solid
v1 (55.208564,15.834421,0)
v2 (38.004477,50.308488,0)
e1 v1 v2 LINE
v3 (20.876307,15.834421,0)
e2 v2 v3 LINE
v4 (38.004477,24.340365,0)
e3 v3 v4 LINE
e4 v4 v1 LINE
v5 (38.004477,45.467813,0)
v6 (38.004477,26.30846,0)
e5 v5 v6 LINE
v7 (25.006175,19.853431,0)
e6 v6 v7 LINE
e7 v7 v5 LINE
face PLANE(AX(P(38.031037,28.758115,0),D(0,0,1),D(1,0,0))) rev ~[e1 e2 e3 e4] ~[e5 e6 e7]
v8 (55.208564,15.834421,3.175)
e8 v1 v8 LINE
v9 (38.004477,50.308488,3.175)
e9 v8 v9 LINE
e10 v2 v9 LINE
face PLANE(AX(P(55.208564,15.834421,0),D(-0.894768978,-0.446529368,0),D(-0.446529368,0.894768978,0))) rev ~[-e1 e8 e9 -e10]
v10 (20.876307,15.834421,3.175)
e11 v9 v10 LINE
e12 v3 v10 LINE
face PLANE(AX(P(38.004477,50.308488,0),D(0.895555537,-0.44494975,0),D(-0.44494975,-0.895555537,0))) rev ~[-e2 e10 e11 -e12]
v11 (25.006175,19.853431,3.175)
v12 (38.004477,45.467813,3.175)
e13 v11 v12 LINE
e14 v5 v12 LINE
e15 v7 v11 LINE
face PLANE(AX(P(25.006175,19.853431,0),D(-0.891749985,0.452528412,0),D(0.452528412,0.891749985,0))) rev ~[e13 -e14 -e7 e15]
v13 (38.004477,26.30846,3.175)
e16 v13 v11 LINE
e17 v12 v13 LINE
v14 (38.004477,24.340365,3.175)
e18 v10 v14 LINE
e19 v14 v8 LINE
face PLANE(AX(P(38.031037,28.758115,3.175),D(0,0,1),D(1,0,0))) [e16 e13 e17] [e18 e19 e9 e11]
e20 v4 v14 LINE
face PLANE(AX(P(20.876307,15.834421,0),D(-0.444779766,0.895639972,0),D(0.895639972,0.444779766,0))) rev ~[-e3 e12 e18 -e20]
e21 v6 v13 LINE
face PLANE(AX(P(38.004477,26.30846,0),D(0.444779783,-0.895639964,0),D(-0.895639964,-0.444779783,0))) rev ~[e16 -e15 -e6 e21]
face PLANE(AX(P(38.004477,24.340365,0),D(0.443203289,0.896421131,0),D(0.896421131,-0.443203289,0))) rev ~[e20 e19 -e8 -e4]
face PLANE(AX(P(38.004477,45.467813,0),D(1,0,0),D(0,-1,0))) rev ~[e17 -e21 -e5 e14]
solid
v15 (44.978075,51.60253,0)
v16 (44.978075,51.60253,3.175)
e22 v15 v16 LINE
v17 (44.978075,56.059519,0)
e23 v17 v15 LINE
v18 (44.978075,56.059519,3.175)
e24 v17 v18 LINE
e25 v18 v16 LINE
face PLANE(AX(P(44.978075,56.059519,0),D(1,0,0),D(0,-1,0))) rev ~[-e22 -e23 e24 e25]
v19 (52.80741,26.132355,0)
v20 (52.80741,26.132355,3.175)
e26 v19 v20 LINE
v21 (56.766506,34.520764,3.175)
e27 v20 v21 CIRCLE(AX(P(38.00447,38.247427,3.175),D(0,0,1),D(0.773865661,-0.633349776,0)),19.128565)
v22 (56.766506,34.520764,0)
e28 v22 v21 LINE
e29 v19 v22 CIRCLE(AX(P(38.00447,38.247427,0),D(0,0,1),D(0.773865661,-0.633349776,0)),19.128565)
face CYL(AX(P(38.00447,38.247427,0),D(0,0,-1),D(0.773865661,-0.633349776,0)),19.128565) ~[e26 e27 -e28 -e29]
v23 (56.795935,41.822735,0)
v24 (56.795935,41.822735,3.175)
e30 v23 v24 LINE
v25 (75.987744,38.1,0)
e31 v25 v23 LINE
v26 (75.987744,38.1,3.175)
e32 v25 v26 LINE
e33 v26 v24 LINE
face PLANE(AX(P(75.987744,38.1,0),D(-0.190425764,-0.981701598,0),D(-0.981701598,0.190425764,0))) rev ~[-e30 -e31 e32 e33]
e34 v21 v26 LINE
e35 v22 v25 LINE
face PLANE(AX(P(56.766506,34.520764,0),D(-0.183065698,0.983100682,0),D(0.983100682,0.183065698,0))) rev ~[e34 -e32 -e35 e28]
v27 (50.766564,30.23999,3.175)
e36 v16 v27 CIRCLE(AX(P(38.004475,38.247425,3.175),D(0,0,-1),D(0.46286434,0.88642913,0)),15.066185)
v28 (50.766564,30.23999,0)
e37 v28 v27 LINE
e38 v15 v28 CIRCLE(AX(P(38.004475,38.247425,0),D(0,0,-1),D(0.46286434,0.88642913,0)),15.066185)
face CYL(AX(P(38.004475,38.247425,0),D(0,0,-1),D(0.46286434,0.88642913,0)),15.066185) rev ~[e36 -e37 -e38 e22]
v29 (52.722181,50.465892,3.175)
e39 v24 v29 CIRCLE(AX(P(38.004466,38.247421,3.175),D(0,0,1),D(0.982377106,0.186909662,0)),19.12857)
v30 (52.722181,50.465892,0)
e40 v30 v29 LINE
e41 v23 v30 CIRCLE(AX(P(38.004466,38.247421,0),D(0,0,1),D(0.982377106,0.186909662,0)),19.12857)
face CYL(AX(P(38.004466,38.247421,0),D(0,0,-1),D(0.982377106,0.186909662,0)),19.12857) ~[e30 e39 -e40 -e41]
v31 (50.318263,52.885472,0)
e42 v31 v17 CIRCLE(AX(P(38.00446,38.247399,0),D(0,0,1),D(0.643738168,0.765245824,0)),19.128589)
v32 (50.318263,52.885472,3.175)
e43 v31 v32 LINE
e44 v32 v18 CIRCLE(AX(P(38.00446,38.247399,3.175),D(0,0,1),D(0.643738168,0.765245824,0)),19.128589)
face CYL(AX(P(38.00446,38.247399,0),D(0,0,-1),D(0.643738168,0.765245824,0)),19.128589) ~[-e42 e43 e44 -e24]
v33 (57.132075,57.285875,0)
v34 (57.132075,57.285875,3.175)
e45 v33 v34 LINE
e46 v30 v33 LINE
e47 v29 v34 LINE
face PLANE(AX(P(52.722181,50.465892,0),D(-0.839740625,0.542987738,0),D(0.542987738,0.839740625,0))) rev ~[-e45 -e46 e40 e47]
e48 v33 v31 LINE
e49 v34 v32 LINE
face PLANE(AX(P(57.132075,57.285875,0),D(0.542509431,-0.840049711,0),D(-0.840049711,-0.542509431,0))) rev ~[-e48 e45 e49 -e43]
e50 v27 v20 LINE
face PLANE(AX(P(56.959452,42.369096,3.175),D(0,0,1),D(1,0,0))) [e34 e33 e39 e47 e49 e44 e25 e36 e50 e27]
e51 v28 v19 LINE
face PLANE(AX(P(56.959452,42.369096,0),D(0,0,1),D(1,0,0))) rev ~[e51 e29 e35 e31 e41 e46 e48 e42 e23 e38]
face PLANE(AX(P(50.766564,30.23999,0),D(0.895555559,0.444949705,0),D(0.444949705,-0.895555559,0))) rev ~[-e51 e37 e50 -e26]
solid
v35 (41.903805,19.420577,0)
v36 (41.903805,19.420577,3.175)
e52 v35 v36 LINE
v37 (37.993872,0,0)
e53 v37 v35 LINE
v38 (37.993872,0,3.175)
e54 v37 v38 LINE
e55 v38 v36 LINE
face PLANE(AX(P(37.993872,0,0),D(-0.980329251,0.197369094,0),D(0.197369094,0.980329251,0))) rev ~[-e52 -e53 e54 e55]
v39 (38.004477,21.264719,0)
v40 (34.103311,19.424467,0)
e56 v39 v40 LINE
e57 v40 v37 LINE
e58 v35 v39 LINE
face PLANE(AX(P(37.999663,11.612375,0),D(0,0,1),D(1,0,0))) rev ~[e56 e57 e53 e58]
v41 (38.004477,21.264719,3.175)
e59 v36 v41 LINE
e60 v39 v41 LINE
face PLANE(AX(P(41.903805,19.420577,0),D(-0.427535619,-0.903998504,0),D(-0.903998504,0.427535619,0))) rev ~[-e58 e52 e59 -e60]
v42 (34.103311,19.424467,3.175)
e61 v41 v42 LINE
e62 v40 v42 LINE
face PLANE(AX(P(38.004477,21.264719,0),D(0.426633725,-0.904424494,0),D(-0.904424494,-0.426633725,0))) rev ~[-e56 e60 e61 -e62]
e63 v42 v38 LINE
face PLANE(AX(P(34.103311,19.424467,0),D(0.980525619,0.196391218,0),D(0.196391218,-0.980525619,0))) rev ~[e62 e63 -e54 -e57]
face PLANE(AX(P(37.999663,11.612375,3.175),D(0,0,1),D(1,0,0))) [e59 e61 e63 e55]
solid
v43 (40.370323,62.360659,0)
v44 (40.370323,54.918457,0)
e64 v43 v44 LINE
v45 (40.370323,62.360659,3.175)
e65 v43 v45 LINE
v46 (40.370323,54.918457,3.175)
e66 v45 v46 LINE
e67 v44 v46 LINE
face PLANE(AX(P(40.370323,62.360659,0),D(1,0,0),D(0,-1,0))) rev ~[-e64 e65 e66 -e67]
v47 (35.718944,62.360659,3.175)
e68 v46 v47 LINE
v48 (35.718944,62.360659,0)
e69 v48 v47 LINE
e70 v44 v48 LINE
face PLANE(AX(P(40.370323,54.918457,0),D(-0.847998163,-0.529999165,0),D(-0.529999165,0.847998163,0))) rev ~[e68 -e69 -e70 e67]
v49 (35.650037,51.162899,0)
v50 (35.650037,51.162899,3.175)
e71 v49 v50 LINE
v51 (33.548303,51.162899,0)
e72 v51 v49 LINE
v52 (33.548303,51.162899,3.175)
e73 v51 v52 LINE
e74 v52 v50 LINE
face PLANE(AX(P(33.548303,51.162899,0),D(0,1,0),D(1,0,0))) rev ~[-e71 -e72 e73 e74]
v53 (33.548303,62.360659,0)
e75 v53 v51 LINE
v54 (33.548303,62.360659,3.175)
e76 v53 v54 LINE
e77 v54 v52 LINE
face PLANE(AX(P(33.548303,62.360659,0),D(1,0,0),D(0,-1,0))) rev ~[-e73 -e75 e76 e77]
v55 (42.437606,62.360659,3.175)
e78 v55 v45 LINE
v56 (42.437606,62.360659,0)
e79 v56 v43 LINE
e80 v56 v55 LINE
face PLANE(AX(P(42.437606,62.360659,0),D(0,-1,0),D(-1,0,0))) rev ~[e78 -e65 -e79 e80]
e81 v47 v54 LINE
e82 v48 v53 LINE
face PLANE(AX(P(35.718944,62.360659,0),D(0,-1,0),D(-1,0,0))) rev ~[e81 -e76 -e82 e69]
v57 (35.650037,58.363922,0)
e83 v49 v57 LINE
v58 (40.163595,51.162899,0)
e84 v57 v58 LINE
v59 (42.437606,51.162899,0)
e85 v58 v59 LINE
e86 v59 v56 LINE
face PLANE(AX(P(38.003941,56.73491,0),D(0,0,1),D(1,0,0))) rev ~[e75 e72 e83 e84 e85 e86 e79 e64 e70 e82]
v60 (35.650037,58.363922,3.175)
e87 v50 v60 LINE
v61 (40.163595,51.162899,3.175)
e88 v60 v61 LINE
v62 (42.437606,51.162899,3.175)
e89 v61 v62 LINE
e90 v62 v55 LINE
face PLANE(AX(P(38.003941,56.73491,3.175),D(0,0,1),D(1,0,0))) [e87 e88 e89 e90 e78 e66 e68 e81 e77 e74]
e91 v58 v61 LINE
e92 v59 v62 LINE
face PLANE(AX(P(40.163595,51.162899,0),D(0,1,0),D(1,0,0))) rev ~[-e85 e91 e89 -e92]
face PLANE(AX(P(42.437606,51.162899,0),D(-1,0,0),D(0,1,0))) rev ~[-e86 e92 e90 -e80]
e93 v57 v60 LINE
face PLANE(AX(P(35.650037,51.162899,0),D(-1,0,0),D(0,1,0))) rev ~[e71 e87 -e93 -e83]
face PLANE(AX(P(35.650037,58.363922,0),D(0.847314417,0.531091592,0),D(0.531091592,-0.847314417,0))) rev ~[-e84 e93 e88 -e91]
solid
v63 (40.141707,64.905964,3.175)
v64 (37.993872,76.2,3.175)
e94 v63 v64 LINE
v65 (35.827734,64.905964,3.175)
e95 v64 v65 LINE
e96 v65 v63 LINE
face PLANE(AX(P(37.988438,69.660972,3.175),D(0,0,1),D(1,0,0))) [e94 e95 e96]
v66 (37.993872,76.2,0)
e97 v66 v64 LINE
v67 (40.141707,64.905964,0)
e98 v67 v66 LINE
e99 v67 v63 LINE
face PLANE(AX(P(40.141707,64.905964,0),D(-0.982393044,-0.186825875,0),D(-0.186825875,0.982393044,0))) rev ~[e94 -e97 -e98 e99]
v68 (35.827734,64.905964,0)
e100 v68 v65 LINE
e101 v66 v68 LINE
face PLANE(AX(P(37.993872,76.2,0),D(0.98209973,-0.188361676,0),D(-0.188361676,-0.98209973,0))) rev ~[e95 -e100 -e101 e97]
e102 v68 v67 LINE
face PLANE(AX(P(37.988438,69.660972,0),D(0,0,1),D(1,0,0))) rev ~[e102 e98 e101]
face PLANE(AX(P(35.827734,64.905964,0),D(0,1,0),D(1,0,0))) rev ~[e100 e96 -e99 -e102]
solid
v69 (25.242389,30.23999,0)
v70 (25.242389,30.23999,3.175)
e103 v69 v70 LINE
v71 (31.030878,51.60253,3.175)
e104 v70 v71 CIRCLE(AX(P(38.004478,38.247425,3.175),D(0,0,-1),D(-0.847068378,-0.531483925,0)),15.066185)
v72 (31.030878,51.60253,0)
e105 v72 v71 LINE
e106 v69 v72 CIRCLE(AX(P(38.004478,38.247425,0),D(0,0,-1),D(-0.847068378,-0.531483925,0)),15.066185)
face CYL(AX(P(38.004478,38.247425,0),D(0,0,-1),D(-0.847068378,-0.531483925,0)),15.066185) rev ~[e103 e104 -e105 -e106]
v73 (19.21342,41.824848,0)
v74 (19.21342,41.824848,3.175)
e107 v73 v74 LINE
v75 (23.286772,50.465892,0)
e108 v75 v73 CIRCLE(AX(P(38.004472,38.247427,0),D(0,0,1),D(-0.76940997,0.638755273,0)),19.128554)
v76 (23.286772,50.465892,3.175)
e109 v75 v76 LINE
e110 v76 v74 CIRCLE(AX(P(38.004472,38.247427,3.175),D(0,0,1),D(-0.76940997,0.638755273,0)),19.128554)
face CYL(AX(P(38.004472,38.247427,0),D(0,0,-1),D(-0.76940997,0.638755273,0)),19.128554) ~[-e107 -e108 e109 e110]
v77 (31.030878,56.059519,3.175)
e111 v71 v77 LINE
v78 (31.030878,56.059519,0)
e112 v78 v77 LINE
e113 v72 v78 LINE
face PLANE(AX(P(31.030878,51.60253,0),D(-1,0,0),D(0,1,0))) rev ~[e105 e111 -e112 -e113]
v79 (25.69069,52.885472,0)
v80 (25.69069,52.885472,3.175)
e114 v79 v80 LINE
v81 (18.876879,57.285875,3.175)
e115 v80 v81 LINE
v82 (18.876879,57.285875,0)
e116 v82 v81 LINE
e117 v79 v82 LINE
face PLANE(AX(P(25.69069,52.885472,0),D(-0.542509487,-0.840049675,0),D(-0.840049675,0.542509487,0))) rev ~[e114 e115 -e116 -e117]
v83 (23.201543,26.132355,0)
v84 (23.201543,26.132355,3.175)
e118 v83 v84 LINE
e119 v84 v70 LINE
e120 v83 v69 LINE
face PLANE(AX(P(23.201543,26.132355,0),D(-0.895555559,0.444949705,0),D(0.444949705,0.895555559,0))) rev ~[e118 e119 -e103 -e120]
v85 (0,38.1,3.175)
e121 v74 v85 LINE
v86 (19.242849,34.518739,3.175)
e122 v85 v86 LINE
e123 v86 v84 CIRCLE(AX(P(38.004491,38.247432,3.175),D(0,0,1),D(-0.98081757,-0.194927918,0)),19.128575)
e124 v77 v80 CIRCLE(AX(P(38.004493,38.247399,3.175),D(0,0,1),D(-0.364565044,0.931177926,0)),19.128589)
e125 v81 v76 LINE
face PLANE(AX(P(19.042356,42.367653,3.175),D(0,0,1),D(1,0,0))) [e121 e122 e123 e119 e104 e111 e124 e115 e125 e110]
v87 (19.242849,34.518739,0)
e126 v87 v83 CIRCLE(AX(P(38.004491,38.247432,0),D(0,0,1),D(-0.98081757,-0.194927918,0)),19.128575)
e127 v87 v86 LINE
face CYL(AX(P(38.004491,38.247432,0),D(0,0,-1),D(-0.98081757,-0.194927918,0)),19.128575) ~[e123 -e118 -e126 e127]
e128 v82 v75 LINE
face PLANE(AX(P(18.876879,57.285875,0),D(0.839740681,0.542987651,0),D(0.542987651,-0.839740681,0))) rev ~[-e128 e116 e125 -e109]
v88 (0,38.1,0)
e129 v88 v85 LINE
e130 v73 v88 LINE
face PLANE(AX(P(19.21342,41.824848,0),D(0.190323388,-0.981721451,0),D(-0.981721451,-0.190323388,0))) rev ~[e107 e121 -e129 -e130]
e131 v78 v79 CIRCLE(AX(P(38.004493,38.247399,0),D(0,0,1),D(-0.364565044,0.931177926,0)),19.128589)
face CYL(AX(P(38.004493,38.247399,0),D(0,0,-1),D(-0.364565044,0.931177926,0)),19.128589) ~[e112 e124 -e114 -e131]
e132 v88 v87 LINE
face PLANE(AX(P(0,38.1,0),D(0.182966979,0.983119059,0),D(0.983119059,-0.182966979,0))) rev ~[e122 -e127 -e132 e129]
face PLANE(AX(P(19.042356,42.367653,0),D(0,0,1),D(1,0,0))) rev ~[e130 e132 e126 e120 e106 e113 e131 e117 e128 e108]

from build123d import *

# Parameters (mm, degrees)
F1_DEPTH = 3.175


with BuildPart() as f1:
    # F0 (on Top) → F1 (new body)
    with BuildSketch(Plane.XY):
        Polygon((33.548303, 62.360659), (33.548303, 51.162899), (35.650037, 51.162899), (35.650037, 58.363922), (40.163595, 51.162899), (42.437606, 51.162899), (42.437606, 62.360659), (40.370323, 62.360659), (40.370323, 54.918457), (35.718944, 62.360659), align=None)
        Polygon((37.993872, 76.2), (35.827734, 64.905964), (40.141707, 64.905964), align=None)
        with BuildLine():
            Line((56.766506, 34.520764), (75.987744, 38.1))
            Line((75.987744, 38.1), (56.795935, 41.822735))
            ThreePointArc((56.795935, 41.822735), (55.307425, 46.402774), (52.722181, 50.465892))
            Line((52.722181, 50.465892), (57.132075, 57.285875))
            Line((57.132075, 57.285875), (50.318263, 52.885472))
            ThreePointArc((50.318263, 52.885472), (47.777881, 54.690731), (44.978075, 56.059519))
            Line((44.978075, 56.059519), (44.978075, 51.60253))
            ThreePointArc((44.978075, 51.60253), (52.546273, 42.187735), (50.766564, 30.23999))
            Line((50.766564, 30.23999), (52.80741, 26.132355))
            ThreePointArc((52.80741, 26.132355), (55.303119, 30.082946), (56.766506, 34.520764))
        make_face()
        Polygon((38.004477, 50.308488), (20.876307, 15.834421), (38.004477, 24.340365), (55.208564, 15.834421), align=None)
        Polygon((38.004477, 45.467813), (38.004477, 26.30846), (25.006175, 19.853431), align=None, mode=Mode.SUBTRACT)
        Polygon((34.103311, 19.424467), (37.993872, 0), (41.903805, 19.420577), (38.004477, 21.264719), align=None)
        with BuildLine():
            Line((19.21342, 41.824848), (0, 38.1))
            Line((0, 38.1), (19.242849, 34.518739))
            ThreePointArc((19.242849, 34.518739), (20.706275, 30.082012), (23.201543, 26.132355))
            Line((23.201543, 26.132355), (25.242389, 30.23999))
            ThreePointArc((25.242389, 30.23999), (23.46268, 42.187735), (31.030878, 51.60253))
            Line((31.030878, 51.60253), (31.030878, 56.059519))
            ThreePointArc((31.030878, 56.059519), (28.231072, 54.690731), (25.69069, 52.885472))
            Line((25.69069, 52.885472), (18.876879, 57.285875))
            Line((18.876879, 57.285875), (23.286772, 50.465892))
            ThreePointArc((23.286772, 50.465892), (20.701986, 46.403747), (19.21342, 41.824848))
        make_face()
    extrude(amount=F1_DEPTH)


solid = f1.part
